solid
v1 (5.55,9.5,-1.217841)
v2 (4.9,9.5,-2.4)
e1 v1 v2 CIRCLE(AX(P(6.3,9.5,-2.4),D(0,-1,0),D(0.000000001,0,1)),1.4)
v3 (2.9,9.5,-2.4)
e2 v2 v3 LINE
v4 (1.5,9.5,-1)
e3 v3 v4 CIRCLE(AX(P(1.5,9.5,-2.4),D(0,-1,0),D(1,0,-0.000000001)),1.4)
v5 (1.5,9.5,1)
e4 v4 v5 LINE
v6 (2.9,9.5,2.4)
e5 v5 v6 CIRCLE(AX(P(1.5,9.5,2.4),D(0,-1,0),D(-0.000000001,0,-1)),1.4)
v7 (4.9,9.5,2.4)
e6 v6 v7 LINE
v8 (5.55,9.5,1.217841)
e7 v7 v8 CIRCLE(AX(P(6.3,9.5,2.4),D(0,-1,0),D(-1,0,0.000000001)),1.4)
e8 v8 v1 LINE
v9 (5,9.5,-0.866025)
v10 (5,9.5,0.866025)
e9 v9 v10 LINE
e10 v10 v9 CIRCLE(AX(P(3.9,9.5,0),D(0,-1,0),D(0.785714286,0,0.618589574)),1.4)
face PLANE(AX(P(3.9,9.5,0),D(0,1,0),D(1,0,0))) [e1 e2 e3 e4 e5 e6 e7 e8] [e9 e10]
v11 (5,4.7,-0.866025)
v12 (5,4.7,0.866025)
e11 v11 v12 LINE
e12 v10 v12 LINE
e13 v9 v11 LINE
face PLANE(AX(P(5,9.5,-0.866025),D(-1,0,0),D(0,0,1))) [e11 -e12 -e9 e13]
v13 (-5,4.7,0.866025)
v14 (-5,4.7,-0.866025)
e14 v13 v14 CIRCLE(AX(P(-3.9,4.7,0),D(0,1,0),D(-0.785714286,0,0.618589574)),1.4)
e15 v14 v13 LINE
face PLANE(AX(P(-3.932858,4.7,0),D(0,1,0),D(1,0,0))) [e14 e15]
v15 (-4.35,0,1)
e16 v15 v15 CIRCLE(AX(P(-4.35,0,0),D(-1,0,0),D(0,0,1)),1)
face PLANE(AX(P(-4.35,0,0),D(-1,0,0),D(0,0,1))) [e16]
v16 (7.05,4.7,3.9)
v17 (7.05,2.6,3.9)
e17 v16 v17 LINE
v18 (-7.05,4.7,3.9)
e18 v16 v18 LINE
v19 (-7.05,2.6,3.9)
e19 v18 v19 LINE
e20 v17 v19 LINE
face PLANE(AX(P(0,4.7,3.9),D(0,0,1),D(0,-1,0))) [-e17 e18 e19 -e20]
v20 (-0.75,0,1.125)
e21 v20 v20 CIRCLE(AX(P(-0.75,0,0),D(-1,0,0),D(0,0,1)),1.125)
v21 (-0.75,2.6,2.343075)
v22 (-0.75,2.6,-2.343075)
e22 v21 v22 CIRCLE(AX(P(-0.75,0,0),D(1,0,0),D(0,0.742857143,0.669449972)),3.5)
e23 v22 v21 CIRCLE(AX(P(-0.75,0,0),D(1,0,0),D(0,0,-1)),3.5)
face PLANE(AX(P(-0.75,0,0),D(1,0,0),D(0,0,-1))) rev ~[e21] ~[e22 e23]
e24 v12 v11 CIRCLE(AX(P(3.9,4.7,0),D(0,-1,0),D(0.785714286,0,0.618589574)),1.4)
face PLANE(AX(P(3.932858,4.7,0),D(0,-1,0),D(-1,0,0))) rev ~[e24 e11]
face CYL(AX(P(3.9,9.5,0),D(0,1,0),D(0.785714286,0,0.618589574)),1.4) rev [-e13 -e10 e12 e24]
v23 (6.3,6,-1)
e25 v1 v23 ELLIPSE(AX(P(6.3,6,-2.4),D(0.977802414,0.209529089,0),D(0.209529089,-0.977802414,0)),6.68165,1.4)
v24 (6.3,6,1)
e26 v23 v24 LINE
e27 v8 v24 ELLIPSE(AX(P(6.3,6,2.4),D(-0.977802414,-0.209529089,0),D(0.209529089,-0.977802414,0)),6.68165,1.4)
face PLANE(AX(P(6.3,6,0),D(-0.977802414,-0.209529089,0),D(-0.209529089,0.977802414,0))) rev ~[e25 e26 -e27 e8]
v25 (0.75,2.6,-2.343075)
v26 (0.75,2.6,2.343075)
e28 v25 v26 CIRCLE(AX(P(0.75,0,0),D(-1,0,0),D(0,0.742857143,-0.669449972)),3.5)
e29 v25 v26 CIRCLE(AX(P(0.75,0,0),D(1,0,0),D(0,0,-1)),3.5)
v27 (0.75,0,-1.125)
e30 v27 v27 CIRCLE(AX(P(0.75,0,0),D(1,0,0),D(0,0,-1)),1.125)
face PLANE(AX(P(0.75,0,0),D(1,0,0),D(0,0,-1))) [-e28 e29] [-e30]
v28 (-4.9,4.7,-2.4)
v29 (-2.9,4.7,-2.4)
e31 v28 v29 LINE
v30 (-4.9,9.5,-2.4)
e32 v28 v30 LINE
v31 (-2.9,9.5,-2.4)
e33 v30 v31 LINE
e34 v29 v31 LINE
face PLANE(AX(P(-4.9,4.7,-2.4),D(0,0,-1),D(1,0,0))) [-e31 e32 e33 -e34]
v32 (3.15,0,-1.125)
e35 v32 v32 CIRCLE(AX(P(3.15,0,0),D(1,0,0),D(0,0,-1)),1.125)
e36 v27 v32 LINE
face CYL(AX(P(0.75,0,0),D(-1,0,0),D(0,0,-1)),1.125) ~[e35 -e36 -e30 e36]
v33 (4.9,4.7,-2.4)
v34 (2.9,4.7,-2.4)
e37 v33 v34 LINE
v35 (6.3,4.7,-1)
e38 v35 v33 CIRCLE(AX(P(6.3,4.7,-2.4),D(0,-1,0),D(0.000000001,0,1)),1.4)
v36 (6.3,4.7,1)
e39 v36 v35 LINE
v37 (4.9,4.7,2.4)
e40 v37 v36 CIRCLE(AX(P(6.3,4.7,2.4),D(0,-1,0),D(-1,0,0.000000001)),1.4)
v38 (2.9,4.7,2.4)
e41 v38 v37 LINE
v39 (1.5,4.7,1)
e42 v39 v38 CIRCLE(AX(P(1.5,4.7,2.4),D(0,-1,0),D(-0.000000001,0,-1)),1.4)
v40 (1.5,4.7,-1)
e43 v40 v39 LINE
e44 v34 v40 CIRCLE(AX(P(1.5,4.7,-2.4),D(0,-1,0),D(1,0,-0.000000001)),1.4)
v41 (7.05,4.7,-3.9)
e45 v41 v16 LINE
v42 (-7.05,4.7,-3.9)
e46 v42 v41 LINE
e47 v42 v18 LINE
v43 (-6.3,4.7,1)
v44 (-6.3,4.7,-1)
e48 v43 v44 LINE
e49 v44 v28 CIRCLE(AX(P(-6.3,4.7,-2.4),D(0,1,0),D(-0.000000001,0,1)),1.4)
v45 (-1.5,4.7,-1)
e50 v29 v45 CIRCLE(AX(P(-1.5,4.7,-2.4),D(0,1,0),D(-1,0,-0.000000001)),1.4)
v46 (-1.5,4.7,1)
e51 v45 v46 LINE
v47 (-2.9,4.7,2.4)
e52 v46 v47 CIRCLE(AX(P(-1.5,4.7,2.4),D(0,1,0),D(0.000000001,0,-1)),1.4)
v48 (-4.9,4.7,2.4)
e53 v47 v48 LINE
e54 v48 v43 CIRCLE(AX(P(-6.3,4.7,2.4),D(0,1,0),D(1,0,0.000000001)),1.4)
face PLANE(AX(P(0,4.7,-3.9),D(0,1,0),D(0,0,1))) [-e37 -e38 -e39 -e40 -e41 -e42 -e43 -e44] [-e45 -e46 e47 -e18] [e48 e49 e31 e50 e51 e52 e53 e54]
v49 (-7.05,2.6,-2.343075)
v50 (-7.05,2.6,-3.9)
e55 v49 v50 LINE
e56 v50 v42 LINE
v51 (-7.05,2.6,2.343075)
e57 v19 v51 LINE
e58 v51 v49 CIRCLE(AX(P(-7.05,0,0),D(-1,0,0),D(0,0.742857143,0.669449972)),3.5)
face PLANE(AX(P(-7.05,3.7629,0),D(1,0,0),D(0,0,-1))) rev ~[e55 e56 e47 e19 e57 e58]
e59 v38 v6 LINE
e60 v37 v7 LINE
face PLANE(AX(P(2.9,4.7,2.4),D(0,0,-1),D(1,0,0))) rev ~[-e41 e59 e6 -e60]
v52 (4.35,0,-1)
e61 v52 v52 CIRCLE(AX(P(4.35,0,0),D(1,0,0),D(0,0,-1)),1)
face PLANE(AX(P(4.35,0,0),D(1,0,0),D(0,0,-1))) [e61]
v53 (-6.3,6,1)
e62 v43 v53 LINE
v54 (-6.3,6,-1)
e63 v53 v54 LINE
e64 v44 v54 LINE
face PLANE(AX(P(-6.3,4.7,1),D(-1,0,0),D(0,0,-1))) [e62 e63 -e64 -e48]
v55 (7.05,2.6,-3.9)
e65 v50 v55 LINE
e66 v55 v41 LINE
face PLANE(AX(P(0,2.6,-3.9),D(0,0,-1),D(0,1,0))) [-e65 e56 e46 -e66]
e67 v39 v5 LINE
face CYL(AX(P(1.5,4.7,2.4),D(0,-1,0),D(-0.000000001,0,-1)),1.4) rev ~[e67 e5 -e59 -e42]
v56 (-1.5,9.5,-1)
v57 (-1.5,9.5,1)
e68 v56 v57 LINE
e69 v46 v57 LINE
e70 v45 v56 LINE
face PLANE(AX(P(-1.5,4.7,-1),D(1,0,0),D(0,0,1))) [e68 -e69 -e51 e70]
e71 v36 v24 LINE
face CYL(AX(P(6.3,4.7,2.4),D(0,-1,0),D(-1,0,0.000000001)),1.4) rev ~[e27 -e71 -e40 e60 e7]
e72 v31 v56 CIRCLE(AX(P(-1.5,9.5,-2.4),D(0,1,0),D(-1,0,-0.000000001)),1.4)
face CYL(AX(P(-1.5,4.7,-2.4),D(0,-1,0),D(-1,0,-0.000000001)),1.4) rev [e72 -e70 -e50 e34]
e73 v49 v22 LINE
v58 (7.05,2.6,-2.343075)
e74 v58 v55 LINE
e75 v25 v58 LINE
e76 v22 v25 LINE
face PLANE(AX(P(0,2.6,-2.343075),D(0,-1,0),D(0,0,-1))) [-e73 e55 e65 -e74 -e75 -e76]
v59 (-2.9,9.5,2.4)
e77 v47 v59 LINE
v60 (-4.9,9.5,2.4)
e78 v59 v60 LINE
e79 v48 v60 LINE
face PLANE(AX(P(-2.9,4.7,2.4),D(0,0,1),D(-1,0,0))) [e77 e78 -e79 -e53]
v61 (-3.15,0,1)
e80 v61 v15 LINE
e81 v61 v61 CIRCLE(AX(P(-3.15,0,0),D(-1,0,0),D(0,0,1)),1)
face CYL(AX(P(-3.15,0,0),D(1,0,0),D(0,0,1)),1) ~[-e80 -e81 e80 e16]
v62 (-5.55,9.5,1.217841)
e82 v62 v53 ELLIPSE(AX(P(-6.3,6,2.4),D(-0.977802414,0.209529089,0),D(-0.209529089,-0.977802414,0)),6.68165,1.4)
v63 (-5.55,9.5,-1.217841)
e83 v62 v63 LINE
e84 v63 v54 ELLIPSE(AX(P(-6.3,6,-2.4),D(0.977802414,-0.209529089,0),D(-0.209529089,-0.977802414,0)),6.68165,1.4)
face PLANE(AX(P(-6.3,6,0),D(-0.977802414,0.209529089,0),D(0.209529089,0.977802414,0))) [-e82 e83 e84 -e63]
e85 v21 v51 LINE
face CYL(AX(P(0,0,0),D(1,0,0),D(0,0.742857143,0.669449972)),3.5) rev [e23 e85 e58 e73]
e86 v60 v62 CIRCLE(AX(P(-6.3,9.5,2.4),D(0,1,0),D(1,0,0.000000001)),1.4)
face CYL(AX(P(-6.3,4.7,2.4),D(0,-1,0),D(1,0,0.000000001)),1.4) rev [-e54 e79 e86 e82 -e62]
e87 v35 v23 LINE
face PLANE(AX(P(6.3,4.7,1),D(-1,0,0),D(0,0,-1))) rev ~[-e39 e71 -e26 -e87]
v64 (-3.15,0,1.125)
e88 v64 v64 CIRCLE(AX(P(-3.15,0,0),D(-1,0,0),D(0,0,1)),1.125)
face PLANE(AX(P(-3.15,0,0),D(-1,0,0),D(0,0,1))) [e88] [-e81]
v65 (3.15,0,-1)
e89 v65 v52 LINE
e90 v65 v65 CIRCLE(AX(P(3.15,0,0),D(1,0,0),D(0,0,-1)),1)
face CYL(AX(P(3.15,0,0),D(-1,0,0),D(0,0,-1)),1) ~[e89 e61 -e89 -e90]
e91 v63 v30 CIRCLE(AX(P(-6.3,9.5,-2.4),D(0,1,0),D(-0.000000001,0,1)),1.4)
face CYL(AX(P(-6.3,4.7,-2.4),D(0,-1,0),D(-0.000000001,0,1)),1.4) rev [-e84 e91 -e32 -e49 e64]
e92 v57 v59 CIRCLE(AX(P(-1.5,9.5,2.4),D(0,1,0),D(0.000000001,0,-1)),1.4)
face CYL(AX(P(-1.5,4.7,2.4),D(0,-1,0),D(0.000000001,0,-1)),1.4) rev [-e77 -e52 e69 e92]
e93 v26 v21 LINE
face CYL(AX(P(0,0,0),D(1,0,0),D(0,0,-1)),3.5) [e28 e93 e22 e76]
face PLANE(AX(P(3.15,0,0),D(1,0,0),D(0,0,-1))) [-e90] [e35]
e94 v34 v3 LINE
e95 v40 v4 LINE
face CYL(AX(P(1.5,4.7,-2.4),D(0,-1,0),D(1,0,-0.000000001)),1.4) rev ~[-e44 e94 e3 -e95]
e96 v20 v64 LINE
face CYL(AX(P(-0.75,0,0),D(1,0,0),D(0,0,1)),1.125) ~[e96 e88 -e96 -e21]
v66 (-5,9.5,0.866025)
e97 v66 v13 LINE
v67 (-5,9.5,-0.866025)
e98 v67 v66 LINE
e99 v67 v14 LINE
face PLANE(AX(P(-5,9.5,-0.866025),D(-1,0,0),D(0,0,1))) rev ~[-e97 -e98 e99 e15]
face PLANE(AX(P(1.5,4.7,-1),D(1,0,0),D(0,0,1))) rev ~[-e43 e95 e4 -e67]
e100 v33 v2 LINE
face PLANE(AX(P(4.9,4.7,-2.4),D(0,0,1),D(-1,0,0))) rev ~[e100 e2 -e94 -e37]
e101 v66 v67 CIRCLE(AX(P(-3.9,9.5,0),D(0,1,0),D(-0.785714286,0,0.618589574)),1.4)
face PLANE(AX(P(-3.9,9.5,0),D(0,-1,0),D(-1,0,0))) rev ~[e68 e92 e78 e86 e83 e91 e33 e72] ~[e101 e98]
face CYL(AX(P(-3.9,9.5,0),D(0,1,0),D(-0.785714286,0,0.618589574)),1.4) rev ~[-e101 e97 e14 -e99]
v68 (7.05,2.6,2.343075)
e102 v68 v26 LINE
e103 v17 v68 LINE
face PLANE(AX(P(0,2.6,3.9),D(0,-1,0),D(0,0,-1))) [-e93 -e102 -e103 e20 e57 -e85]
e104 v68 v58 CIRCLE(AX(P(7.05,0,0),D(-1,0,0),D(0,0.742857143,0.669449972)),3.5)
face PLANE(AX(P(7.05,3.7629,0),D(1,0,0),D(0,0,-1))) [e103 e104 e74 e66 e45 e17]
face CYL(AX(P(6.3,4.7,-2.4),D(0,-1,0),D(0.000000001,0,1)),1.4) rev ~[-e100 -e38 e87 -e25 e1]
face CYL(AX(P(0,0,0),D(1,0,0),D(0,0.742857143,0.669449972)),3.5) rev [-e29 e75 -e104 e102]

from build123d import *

# Parameters (mm, degrees)
BOSS_EXTRUDE1_DEPTH     = 7.05
SKETCH4_R               = 3.5
BOSS_EXTRUDE2_DEPTH     = 0.75
SKETCH5_R               = 1.125
BOSS_EXTRUDE3_DEPTH     = 2.4
SKETCH6_R               = 1
BOSS_EXTRUDE4_DEPTH     = 1.2
SKETCH7_R               = 1.125
BOSS_EXTRUDE5_DEPTH     = 2.4
SKETCH8_R               = 1
BOSS_EXTRUDE6_DEPTH     = 1.2
BOSS_EXTRUDE8_DEPTH     = 4.8
CUT_EXTRUDE1_DEPTH      = 4.8
CUT_EXTRUDE2_DEPTH      = 4.9
CUT_EXTRUDE2_DEPTH_BACK = 4.9


with BuildPart() as part:
    # Sketch2 → Boss-Extrude1 (new body, symmetric)
    with BuildSketch(Plane(origin=(0, 0, 0), x_dir=(0, 0, -1), z_dir=(1, 0, 0))):
        with BuildLine():
            ThreePointArc((-2.343074903, 2.6), (0, 3.5), (2.343074903, 2.6))
            Line((2.343074903, 2.6), (3.9, 2.6))
            Line((3.9, 2.6), (3.9, 4.7))
            Line((3.9, 4.7), (-3.9, 4.7))
            Line((-3.9, 4.7), (-3.9, 2.6))
            Line((-3.9, 2.6), (-2.343074903, 2.6))
        make_face()
    extrude(amount=BOSS_EXTRUDE1_DEPTH, both=True)

    # Sketch4 → Boss-Extrude2 (add, symmetric)
    with BuildSketch(Plane(origin=(0, 0, 0), x_dir=(0, 0, -1), z_dir=(1, 0, 0))):
        Circle(SKETCH4_R)
    extrude(amount=BOSS_EXTRUDE2_DEPTH, both=True)

    # Sketch5 → Boss-Extrude3 (add)
    with BuildSketch(Plane(origin=(0.75, 0, 0), x_dir=(0, 0, -1), z_dir=(1, 0, 0))):
        Circle(SKETCH5_R)
    extrude(amount=BOSS_EXTRUDE3_DEPTH)

    # Sketch6 → Boss-Extrude4 (add)
    with BuildSketch(Plane(origin=(3.15, 0, 0), x_dir=(0, 0, -1), z_dir=(1, 0, 0))):
        Circle(SKETCH6_R)
    extrude(amount=BOSS_EXTRUDE4_DEPTH)

    # Sketch7 → Boss-Extrude5 (add)
    with BuildSketch(Plane.ZY.offset(0.75)):
        Circle(SKETCH7_R)
    extrude(amount=BOSS_EXTRUDE5_DEPTH)

    # Sketch8 → Boss-Extrude6 (add)
    with BuildSketch(Plane.ZY.offset(3.15)):
        Circle(SKETCH8_R)
    extrude(amount=BOSS_EXTRUDE6_DEPTH)

    # Sketch9 → Boss-Extrude8 (add)
    with BuildSketch(Plane(origin=(0, 4.7, 0), x_dir=(1, 0, 0), z_dir=(0, 1, 0))):
        with BuildLine():
            Line((2.9, -2.4), (4.9, -2.4))
            ThreePointArc((4.9, -2.4), (5.310050506, -1.410050506), (6.3, -1))
            Line((6.3, -1), (6.3, 1))
            ThreePointArc((6.3, 1), (5.310050506, 1.410050506), (4.9, 2.4))
            Line((4.9, 2.4), (2.9, 2.4))
            ThreePointArc((2.9, 2.4), (2.489949494, 1.410050506), (1.5, 1))
            Line((1.5, 1), (1.5, -1))
            ThreePointArc((1.5, -1), (2.489949494, -1.410050506), (2.9, -2.4))
        make_face()
        with BuildLine():
            Line((-6.3, -1), (-6.3, 1))
            ThreePointArc((-6.3, 1), (-5.310050506, 1.410050506), (-4.9, 2.4))
            Line((-4.9, 2.4), (-2.9, 2.4))
            ThreePointArc((-2.9, 2.4), (-2.489949494, 1.410050506), (-1.5, 1))
            Line((-1.5, 1), (-1.5, -1))
            ThreePointArc((-1.5, -1), (-2.489949494, -1.410050506), (-2.9, -2.4))
            Line((-2.9, -2.4), (-4.9, -2.4))
            ThreePointArc((-4.9, -2.4), (-5.310050506, -1.410050506), (-6.3, -1))
        make_face()
    extrude(amount=BOSS_EXTRUDE8_DEPTH)

    # Sketch10 → Cut-Extrude1 (cut)
    with BuildSketch(Plane(origin=(0, 9.5, 0), x_dir=(1, 0, 0), z_dir=(0, 1, 0))):
        with BuildLine():
            Line((5, 0.866025404), (5, -0.866025404))
            ThreePointArc((5, -0.866025404), (2.5, 0), (5, 0.866025404))
        make_face()
        with BuildLine():
            Line((-5, 0.866025404), (-5, -0.866025404))
            ThreePointArc((-5, -0.866025404), (-2.5, 0), (-5, 0.866025404))
        make_face()
    extrude(amount=-CUT_EXTRUDE1_DEPTH, mode=Mode.SUBTRACT)

    # Sketch12 → Cut-Extrude2 (cut, two sides)
    with BuildSketch(Plane.XY) as cut_extrude2_sk:
        Polygon((5.55, 9.5), (6.3, 9.5), (6.3, 6), align=None)
        Polygon((-6.3, 6), (-5.55, 9.5), (-6.3, 9.5), align=None)
    extrude(amount=CUT_EXTRUDE2_DEPTH, mode=Mode.SUBTRACT)
    extrude(cut_extrude2_sk.sketch, amount=-CUT_EXTRUDE2_DEPTH_BACK, mode=Mode.SUBTRACT)


solid = part.part
